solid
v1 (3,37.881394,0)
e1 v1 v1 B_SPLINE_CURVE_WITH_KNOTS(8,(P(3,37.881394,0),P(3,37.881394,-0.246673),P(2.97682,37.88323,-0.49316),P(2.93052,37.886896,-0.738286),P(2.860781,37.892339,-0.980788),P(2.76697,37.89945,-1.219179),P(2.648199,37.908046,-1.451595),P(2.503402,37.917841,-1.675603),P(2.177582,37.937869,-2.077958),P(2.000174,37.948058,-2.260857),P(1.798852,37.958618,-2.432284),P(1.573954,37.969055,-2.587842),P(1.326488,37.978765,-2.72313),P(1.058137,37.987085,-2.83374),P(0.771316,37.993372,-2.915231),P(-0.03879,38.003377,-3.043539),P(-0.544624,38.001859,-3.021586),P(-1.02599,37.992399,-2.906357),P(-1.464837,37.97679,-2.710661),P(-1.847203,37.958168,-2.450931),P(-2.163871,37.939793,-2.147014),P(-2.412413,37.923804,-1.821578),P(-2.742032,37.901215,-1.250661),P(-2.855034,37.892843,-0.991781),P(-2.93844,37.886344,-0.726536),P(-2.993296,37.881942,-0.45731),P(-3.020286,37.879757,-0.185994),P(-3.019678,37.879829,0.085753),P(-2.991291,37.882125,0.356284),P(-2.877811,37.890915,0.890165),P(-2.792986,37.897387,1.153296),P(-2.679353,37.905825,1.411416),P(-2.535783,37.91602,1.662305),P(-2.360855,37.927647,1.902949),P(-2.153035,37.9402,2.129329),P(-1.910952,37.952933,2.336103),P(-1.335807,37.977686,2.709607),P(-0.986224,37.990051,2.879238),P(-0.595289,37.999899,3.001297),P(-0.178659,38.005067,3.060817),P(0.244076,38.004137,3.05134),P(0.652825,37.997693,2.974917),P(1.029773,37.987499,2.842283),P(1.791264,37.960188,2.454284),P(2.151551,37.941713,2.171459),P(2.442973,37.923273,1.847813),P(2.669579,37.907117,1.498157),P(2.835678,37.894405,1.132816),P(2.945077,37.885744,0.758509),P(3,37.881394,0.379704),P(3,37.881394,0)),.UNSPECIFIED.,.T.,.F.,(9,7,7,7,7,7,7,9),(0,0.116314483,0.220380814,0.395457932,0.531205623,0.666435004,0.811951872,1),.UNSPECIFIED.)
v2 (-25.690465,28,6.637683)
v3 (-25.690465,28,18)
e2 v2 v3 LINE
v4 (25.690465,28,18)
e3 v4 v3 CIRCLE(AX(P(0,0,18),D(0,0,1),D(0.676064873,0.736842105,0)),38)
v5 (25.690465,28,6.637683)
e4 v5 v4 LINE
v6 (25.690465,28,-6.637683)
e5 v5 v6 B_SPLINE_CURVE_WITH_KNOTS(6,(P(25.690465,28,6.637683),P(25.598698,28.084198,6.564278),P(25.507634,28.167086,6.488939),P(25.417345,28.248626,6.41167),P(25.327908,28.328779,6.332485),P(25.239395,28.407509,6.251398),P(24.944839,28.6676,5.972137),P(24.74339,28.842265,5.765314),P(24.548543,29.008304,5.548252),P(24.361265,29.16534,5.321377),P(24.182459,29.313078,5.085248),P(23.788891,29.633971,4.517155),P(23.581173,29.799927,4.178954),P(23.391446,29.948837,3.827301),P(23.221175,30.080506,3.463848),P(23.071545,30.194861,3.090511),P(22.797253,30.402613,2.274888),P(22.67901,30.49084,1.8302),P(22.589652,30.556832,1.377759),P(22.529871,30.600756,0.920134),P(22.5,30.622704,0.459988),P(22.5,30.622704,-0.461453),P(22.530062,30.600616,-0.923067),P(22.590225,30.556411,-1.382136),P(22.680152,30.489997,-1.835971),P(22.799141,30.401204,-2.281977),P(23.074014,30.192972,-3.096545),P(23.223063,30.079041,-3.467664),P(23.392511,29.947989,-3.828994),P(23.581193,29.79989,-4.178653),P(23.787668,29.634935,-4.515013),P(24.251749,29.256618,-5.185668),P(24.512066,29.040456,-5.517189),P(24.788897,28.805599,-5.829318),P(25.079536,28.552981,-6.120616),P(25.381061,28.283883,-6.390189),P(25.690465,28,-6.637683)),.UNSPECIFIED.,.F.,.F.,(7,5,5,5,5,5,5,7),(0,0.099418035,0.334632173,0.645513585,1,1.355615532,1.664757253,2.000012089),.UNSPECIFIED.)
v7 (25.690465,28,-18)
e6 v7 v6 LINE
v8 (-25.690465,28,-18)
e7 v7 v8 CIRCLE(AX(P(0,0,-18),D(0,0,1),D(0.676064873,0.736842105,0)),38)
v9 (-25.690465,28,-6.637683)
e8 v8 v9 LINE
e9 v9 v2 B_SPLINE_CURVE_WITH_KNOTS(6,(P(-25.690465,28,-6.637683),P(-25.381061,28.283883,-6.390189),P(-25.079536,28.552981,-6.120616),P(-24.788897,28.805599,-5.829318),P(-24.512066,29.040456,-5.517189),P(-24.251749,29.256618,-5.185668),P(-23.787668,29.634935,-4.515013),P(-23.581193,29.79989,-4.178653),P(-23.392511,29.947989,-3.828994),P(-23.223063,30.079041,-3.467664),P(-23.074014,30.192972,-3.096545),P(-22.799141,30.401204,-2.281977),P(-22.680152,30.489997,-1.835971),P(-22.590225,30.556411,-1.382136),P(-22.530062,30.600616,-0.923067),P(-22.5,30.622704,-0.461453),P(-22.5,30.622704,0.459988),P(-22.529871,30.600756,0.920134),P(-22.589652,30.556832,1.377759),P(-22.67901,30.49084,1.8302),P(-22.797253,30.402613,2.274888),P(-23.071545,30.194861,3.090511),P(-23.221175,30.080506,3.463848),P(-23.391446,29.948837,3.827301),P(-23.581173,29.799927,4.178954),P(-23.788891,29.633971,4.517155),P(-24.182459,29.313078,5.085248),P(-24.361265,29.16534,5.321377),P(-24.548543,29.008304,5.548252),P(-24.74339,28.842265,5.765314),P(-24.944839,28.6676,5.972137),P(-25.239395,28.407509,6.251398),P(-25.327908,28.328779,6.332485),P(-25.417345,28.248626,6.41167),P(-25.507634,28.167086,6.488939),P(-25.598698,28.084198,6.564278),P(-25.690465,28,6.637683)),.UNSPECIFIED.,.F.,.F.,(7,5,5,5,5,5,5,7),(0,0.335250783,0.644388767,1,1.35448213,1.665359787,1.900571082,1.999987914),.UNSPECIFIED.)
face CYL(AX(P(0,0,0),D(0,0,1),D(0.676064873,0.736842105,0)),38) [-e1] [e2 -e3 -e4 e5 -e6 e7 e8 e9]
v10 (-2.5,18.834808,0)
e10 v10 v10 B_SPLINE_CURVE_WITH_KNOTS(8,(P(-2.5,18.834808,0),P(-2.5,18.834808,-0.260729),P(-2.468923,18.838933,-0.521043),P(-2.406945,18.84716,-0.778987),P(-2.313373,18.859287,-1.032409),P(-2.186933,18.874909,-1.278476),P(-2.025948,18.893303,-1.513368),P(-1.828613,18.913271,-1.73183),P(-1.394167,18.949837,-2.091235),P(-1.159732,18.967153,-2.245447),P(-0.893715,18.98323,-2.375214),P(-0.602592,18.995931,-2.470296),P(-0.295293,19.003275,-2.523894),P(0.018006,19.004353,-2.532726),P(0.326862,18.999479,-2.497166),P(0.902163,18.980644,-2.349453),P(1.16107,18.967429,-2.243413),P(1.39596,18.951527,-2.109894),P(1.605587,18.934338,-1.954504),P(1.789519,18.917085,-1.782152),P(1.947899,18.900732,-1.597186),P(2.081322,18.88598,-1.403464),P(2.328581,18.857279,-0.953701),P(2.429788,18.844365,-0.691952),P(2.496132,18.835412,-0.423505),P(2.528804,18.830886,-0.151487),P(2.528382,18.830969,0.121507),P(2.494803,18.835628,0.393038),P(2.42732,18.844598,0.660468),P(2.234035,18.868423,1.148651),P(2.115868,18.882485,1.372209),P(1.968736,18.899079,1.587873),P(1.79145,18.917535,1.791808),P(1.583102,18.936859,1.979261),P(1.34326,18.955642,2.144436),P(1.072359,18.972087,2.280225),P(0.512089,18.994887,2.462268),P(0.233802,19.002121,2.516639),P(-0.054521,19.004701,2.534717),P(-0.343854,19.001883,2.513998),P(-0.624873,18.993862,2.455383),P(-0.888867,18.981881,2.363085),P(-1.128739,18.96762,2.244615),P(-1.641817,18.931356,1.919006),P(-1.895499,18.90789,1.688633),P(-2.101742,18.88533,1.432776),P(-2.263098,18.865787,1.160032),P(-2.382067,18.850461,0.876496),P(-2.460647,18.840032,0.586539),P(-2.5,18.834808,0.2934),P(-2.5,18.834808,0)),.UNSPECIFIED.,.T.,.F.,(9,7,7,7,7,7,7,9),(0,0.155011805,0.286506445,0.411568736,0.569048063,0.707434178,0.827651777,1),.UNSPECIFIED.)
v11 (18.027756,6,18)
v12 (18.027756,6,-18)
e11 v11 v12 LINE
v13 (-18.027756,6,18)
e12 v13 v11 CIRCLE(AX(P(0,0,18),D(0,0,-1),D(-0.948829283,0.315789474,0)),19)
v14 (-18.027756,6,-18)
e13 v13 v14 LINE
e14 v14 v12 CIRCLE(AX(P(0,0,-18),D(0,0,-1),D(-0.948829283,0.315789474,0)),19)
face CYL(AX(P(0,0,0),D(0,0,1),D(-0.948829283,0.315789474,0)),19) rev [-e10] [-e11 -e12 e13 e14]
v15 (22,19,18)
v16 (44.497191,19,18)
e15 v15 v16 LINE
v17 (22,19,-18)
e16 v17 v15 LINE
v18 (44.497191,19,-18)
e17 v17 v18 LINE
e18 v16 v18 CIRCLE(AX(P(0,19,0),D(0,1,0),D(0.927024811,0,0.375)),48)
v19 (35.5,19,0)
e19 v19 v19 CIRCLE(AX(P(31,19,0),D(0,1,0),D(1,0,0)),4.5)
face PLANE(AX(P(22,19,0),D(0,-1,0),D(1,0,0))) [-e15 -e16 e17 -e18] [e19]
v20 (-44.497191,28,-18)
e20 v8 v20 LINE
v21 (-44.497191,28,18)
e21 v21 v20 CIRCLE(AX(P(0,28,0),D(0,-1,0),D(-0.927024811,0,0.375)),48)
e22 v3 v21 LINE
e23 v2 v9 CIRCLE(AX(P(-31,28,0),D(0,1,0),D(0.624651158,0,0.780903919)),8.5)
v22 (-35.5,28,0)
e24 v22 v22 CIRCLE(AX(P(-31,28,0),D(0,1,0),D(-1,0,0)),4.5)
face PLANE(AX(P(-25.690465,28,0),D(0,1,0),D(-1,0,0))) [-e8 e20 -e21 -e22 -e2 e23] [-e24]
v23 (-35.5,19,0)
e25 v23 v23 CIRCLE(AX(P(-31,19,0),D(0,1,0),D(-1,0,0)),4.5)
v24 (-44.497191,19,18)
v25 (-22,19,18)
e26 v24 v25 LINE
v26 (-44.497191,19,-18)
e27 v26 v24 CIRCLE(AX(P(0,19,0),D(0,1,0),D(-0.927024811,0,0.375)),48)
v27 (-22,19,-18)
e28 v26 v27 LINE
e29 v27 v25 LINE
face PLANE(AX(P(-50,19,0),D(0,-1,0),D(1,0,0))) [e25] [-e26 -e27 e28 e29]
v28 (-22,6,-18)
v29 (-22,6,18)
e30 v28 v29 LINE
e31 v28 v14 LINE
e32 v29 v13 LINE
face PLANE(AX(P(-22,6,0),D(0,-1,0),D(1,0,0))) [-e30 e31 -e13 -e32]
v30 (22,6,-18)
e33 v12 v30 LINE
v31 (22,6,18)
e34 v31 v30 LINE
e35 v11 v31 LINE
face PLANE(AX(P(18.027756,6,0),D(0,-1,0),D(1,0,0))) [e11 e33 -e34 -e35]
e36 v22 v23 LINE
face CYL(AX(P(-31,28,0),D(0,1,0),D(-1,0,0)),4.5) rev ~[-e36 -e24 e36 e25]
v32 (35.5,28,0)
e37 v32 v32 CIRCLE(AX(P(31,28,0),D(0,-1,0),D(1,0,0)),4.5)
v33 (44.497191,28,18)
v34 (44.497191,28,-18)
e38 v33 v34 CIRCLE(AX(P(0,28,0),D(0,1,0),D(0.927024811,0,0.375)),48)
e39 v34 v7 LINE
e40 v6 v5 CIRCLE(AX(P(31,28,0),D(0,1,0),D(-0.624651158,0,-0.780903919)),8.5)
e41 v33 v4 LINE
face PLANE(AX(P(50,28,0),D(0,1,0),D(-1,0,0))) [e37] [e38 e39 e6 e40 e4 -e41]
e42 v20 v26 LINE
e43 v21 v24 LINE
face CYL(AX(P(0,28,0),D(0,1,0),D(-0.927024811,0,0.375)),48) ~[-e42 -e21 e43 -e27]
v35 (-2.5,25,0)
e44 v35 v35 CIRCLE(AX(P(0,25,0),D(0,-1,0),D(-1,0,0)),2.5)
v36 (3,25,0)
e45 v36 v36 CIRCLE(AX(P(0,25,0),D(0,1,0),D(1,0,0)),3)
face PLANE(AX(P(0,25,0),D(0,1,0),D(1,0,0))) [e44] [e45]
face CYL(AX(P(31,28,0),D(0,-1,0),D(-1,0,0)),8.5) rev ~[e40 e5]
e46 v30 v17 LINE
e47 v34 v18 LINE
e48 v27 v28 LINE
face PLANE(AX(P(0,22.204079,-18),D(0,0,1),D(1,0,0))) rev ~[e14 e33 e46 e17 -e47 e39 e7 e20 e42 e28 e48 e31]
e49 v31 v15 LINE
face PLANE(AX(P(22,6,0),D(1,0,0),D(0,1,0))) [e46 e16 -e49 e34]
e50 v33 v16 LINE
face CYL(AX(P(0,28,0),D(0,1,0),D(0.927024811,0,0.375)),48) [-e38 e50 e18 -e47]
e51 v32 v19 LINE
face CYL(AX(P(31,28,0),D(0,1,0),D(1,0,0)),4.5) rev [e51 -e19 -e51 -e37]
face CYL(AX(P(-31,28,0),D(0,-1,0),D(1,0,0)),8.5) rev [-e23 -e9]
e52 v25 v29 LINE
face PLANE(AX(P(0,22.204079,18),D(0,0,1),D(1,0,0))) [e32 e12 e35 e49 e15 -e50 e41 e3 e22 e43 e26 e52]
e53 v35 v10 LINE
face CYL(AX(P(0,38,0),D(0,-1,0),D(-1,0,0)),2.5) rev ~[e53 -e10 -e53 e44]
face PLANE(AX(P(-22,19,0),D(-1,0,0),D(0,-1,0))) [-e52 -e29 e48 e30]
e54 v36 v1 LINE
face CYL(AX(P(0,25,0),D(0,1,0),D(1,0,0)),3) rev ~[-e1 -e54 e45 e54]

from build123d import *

# Parameters (mm, degrees)
BOSS_EXTRUDE1_DEPTH                     = 18
CUT_EXTRUDE1_DEPTH                      = 23
SKETCH5_R                               = 4.5
CUT_EXTRUDE2_DEPTH                      = 23
SKETCH7_R                               = 8.5
CUT_EXTRUDE4_DEPTH                      = 13
CBORE_FOR_M5_HEX_HEAD_BOLT1_D           = 5
CBORE_FOR_M5_HEX_HEAD_BOLT1_CBORE_D     = 6
CBORE_FOR_M5_HEX_HEAD_BOLT1_CBORE_DEPTH = 13


with BuildPart() as part:
    # Sketch1 → Boss-Extrude1 (new body, symmetric)
    with BuildSketch(Plane.XY):
        with BuildLine():
            Line((22, 6), (22, 19))
            Line((22, 19), (50, 19))
            Line((50, 19), (50, 28))
            Line((50, 28), (25.690465157, 28))
            ThreePointArc((25.690465157, 28), (0, 38), (-25.690465157, 28))
            Line((-25.690465157, 28), (-50, 28))
            Line((-50, 28), (-50, 19))
            Line((-50, 19), (-22, 19))
            Line((-22, 19), (-22, 6))
            Line((-22, 6), (-18.027756377, 6))
            ThreePointArc((-18.027756377, 6), (0, 19), (18.027756377, 6))
            Line((18.027756377, 6), (22, 6))
        make_face()
    extrude(amount=BOSS_EXTRUDE1_DEPTH, both=True)

    # Sketch4 → Cut-Extrude1 (cut, through all)
    with BuildSketch(Plane(origin=(0, 28, 0), x_dir=(1, 0, 0), z_dir=(0, 1, 0))):
        with BuildLine():
            Line((-44.497190923, 18), (-50, 18))
            Line((-50, 18), (-50, -18))
            Line((-50, -18), (-44.497190923, -18))
            ThreePointArc((-44.497190923, -18), (-48, 0), (-44.497190923, 18))
        make_face()
        with BuildLine():
            Line((50, -18), (44.497190923, -18))
            ThreePointArc((44.497190923, -18), (48, 0), (44.497190923, 18))
            Line((44.497190923, 18), (50, 18))
            Line((50, 18), (50, -18))
        make_face()
    extrude(amount=-CUT_EXTRUDE1_DEPTH, mode=Mode.SUBTRACT)

    # Sketch5 → Cut-Extrude2 (cut, through all)
    with BuildSketch(Plane(origin=(0, 28, 0), x_dir=(1, 0, 0), z_dir=(0, 1, 0))):
        with Locations(Location((-31, 0, 0), (0, 0, 180))):  # turned: the seam where the file's is
            Circle(SKETCH5_R)
    cut_extrude2 = extrude(amount=-CUT_EXTRUDE2_DEPTH, mode=Mode.SUBTRACT)

    # Mirror1: Cut-Extrude2 across plane
    add(cut_extrude2.mirror(Plane(origin=(0, 0, 0), x_dir=(0, 0, 1), z_dir=(1, 0, 0))), mode=Mode.SUBTRACT)

    # Sketch7 → Cut-Extrude4 (cut)
    with BuildSketch(Plane(origin=(0, 28, 0), x_dir=(1, 0, 0), z_dir=(0, 1, 0))):
        with Locations((-31, 0)):
            Circle(SKETCH7_R)
    cut_extrude4 = extrude(amount=CUT_EXTRUDE4_DEPTH, mode=Mode.SUBTRACT)

    # CBORE for M5 Hex Head Bolt1 (through all)
    with Locations(Plane(origin=(0, 38, 0), x_dir=(1, 0, 0), z_dir=(0, 1, 0))):
        with Locations((0, 0)):
            CounterBoreHole(CBORE_FOR_M5_HEX_HEAD_BOLT1_D / 2, CBORE_FOR_M5_HEX_HEAD_BOLT1_CBORE_D / 2, CBORE_FOR_M5_HEX_HEAD_BOLT1_CBORE_DEPTH)

    # Mirror2: Cut-Extrude4 across plane
    add(cut_extrude4.mirror(Plane(origin=(0, 0, 0), x_dir=(0, 0, 1), z_dir=(1, 0, 0))), mode=Mode.SUBTRACT)


solid = part.part
